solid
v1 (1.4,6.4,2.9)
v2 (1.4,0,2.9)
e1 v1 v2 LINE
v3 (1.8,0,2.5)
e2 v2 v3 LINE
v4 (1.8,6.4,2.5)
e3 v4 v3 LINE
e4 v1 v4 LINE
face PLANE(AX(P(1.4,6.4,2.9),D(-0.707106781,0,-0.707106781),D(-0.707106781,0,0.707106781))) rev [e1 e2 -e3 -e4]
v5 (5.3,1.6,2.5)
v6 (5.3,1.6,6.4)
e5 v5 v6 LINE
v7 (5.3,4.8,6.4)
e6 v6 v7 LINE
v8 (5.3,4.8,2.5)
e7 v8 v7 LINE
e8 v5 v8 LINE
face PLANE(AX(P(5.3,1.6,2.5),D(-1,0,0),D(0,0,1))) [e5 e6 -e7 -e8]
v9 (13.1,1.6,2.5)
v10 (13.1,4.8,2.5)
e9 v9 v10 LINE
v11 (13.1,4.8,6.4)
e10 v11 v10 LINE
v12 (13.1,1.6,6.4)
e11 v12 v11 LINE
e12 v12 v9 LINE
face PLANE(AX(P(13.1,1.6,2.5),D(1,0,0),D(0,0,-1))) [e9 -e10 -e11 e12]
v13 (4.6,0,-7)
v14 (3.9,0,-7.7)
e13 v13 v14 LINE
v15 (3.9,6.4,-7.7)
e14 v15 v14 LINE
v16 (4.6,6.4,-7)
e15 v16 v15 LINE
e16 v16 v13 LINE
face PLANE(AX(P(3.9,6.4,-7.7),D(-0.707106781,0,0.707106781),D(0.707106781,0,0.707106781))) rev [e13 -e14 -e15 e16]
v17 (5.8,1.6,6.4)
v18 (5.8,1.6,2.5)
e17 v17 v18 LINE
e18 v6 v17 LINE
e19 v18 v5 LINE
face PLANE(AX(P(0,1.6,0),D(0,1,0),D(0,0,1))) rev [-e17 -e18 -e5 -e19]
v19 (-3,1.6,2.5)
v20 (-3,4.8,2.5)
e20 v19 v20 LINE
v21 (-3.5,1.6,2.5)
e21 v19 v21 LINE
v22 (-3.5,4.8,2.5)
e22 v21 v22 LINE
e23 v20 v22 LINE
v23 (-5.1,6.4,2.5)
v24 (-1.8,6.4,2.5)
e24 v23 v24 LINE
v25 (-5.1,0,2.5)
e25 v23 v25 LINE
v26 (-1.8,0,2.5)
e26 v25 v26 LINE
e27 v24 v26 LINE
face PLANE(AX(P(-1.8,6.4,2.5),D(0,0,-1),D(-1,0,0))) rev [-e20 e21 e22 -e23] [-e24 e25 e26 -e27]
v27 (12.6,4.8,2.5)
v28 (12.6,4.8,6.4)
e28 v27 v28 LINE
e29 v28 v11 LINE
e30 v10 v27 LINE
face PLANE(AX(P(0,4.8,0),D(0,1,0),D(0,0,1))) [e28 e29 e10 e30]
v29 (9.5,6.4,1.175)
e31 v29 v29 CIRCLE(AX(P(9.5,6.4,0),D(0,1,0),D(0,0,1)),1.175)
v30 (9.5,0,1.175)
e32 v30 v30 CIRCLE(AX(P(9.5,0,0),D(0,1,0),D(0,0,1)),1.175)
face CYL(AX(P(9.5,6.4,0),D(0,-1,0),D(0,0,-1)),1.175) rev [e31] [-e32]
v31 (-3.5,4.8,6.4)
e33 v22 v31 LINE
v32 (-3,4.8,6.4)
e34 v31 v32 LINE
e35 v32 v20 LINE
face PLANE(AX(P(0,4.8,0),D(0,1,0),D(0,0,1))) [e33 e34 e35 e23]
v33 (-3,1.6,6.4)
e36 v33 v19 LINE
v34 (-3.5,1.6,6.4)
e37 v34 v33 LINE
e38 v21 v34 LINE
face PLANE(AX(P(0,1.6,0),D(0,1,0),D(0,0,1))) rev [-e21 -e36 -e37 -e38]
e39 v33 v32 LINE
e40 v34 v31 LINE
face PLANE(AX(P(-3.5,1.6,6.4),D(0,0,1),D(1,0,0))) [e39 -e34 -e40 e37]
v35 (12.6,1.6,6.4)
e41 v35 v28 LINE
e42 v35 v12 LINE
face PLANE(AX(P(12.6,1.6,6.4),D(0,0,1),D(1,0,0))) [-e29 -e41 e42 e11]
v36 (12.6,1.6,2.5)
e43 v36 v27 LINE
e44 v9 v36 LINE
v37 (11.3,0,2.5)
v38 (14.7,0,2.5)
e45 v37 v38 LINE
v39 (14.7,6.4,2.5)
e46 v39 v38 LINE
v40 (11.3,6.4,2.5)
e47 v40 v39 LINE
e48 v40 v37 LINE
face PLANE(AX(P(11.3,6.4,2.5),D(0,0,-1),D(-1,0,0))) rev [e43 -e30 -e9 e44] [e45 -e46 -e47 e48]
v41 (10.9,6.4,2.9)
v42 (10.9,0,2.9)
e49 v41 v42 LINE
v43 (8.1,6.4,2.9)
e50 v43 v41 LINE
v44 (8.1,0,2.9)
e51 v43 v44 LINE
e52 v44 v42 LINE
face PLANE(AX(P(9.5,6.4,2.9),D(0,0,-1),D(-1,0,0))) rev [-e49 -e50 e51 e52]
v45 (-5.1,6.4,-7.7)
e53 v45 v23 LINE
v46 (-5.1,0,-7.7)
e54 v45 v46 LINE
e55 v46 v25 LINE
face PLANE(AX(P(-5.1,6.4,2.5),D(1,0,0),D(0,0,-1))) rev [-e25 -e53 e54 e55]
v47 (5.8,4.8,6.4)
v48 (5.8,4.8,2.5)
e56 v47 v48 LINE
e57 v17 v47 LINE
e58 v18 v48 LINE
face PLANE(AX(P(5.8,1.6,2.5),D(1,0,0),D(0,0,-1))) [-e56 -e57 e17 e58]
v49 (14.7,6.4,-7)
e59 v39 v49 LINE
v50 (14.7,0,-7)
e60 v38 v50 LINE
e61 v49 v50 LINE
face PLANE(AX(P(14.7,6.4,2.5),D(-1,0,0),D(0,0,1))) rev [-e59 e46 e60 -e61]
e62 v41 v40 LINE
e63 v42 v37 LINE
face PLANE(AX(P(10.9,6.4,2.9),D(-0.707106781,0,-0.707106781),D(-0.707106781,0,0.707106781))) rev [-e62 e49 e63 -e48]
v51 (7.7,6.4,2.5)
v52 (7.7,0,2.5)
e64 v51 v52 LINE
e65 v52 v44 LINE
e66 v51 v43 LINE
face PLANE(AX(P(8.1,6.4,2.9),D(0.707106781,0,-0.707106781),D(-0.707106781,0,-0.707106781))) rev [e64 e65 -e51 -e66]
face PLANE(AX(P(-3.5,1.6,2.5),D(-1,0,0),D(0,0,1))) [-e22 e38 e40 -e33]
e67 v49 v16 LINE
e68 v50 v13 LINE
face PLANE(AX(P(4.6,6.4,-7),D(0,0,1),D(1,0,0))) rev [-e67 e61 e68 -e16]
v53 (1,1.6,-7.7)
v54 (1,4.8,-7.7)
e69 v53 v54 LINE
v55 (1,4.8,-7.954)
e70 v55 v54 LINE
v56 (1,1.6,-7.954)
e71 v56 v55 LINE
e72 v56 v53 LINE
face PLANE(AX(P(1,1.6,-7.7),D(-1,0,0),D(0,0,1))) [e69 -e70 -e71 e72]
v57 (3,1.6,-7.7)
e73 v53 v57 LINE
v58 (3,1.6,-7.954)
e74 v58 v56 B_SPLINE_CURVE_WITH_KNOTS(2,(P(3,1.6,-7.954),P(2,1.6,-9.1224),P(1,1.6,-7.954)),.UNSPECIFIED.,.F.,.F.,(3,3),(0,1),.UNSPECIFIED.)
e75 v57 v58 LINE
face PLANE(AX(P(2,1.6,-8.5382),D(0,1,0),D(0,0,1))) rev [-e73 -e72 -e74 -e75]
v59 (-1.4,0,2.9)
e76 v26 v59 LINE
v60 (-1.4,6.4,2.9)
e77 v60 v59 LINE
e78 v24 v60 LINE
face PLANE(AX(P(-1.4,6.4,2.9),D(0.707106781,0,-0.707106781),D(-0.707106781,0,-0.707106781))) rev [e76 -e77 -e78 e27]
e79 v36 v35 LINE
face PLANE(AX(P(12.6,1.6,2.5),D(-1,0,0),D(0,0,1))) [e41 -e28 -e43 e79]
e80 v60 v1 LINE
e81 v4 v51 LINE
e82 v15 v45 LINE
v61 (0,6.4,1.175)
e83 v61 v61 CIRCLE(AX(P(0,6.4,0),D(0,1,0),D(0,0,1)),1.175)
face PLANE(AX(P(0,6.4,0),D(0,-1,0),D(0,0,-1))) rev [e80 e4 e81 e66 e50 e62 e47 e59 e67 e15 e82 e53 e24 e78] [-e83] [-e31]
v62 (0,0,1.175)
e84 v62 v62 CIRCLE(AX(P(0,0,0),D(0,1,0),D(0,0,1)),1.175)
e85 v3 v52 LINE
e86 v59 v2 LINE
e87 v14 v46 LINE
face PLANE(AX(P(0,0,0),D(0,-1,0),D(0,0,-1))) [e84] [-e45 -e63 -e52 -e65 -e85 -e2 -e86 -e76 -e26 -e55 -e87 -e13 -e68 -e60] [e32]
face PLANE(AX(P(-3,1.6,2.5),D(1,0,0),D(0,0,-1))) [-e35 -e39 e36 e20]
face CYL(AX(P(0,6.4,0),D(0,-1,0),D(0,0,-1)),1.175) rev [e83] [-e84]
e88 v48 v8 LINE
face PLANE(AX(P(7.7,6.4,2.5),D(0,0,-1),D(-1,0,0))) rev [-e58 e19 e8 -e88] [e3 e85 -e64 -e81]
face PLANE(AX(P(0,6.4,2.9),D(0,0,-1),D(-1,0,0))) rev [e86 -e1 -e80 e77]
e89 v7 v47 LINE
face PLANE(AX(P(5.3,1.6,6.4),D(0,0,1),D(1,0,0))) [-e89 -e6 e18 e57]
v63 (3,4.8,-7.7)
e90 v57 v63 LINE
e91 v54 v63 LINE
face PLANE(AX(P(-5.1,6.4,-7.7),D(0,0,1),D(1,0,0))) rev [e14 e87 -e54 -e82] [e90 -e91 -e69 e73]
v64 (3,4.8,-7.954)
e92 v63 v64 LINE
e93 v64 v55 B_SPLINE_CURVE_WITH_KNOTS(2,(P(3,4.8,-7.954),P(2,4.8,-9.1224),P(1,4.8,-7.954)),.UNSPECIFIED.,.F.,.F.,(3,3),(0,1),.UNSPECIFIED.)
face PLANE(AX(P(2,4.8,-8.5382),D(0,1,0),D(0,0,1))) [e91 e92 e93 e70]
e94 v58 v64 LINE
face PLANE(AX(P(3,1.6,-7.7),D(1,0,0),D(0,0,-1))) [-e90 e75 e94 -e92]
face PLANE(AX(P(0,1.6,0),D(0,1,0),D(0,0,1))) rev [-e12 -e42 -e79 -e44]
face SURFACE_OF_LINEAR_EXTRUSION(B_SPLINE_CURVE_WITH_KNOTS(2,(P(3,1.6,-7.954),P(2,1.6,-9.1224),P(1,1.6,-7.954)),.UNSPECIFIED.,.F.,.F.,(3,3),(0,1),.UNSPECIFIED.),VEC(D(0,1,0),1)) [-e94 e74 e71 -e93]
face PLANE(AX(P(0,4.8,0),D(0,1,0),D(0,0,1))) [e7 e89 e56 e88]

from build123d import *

# Parameters (mm, degrees)
SKETCH2_R                = 1.175
BOSS_EXTRUDE1_DEPTH      = 6.4
BOSS_EXTRUDE2_DEPTH      = 1.6
BOSS_EXTRUDE2_DEPTH_BACK = 1.6
SKETCH4_W                = 0.5
SKETCH4_H                = 3.9
BOSS_EXTRUDE3_DEPTH      = 1.6
BOSS_EXTRUDE3_DEPTH_BACK = 1.6


with BuildPart() as part:
    # Sketch2 → Boss-Extrude1 (new body)
    with BuildSketch(Plane(origin=(0, 0, 0), x_dir=(1, 0, 0), z_dir=(0, 1, 0))):
        Polygon((0, -2.9), (-1.4, -2.9), (-1.8, -2.5), (-5.1, -2.5), (-5.1, 7.7), (3.9, 7.7), (4.6, 7), (14.7, 7), (14.7, -2.5), (11.3, -2.5), (10.9, -2.9), (9.5, -2.9), (8.1, -2.9), (7.7, -2.5), (1.8, -2.5), (1.4, -2.9), align=None)
        Circle(SKETCH2_R, mode=Mode.SUBTRACT)
        with Locations((9.5, 0)):
            Circle(SKETCH2_R, mode=Mode.SUBTRACT)
    extrude(amount=BOSS_EXTRUDE1_DEPTH)

    # Sketch3 → Boss-Extrude2 (add, two sides)
    with BuildSketch(Plane(origin=(0, 3.2, 0), x_dir=(1, 0, 0), z_dir=(0, 1, 0))) as boss_extrude2_sk:
        with BuildLine():
            Line((3, 7.7), (1, 7.7))
            Line((1, 7.7), (1, 7.954))
            add(Edge.make_bspline(
                [(1, 7.954), (2, 9.1224), (3, 7.954)],
                knots=[0, 0, 0, 1, 1, 1], degree=2))
            Line((3, 7.954), (3, 7.7))
        make_face()
    extrude(amount=BOSS_EXTRUDE2_DEPTH)
    extrude(boss_extrude2_sk.sketch, amount=-BOSS_EXTRUDE2_DEPTH_BACK)

    # Sketch4 → Boss-Extrude3 (add, two sides)
    with BuildSketch(Plane(origin=(0, 3.2, 0), x_dir=(1, 0, 0), z_dir=(0, 1, 0))) as boss_extrude3_sk:
        with Locations((-3.25, -4.45)):
            Rectangle(SKETCH4_W, SKETCH4_H)
        with Locations((5.55, -4.45)):
            Rectangle(SKETCH4_W, SKETCH4_H)
        with Locations((12.85, -4.45)):
            Rectangle(SKETCH4_W, SKETCH4_H)
    extrude(amount=BOSS_EXTRUDE3_DEPTH)
    extrude(boss_extrude3_sk.sketch, amount=-BOSS_EXTRUDE3_DEPTH_BACK)


solid = part.part
